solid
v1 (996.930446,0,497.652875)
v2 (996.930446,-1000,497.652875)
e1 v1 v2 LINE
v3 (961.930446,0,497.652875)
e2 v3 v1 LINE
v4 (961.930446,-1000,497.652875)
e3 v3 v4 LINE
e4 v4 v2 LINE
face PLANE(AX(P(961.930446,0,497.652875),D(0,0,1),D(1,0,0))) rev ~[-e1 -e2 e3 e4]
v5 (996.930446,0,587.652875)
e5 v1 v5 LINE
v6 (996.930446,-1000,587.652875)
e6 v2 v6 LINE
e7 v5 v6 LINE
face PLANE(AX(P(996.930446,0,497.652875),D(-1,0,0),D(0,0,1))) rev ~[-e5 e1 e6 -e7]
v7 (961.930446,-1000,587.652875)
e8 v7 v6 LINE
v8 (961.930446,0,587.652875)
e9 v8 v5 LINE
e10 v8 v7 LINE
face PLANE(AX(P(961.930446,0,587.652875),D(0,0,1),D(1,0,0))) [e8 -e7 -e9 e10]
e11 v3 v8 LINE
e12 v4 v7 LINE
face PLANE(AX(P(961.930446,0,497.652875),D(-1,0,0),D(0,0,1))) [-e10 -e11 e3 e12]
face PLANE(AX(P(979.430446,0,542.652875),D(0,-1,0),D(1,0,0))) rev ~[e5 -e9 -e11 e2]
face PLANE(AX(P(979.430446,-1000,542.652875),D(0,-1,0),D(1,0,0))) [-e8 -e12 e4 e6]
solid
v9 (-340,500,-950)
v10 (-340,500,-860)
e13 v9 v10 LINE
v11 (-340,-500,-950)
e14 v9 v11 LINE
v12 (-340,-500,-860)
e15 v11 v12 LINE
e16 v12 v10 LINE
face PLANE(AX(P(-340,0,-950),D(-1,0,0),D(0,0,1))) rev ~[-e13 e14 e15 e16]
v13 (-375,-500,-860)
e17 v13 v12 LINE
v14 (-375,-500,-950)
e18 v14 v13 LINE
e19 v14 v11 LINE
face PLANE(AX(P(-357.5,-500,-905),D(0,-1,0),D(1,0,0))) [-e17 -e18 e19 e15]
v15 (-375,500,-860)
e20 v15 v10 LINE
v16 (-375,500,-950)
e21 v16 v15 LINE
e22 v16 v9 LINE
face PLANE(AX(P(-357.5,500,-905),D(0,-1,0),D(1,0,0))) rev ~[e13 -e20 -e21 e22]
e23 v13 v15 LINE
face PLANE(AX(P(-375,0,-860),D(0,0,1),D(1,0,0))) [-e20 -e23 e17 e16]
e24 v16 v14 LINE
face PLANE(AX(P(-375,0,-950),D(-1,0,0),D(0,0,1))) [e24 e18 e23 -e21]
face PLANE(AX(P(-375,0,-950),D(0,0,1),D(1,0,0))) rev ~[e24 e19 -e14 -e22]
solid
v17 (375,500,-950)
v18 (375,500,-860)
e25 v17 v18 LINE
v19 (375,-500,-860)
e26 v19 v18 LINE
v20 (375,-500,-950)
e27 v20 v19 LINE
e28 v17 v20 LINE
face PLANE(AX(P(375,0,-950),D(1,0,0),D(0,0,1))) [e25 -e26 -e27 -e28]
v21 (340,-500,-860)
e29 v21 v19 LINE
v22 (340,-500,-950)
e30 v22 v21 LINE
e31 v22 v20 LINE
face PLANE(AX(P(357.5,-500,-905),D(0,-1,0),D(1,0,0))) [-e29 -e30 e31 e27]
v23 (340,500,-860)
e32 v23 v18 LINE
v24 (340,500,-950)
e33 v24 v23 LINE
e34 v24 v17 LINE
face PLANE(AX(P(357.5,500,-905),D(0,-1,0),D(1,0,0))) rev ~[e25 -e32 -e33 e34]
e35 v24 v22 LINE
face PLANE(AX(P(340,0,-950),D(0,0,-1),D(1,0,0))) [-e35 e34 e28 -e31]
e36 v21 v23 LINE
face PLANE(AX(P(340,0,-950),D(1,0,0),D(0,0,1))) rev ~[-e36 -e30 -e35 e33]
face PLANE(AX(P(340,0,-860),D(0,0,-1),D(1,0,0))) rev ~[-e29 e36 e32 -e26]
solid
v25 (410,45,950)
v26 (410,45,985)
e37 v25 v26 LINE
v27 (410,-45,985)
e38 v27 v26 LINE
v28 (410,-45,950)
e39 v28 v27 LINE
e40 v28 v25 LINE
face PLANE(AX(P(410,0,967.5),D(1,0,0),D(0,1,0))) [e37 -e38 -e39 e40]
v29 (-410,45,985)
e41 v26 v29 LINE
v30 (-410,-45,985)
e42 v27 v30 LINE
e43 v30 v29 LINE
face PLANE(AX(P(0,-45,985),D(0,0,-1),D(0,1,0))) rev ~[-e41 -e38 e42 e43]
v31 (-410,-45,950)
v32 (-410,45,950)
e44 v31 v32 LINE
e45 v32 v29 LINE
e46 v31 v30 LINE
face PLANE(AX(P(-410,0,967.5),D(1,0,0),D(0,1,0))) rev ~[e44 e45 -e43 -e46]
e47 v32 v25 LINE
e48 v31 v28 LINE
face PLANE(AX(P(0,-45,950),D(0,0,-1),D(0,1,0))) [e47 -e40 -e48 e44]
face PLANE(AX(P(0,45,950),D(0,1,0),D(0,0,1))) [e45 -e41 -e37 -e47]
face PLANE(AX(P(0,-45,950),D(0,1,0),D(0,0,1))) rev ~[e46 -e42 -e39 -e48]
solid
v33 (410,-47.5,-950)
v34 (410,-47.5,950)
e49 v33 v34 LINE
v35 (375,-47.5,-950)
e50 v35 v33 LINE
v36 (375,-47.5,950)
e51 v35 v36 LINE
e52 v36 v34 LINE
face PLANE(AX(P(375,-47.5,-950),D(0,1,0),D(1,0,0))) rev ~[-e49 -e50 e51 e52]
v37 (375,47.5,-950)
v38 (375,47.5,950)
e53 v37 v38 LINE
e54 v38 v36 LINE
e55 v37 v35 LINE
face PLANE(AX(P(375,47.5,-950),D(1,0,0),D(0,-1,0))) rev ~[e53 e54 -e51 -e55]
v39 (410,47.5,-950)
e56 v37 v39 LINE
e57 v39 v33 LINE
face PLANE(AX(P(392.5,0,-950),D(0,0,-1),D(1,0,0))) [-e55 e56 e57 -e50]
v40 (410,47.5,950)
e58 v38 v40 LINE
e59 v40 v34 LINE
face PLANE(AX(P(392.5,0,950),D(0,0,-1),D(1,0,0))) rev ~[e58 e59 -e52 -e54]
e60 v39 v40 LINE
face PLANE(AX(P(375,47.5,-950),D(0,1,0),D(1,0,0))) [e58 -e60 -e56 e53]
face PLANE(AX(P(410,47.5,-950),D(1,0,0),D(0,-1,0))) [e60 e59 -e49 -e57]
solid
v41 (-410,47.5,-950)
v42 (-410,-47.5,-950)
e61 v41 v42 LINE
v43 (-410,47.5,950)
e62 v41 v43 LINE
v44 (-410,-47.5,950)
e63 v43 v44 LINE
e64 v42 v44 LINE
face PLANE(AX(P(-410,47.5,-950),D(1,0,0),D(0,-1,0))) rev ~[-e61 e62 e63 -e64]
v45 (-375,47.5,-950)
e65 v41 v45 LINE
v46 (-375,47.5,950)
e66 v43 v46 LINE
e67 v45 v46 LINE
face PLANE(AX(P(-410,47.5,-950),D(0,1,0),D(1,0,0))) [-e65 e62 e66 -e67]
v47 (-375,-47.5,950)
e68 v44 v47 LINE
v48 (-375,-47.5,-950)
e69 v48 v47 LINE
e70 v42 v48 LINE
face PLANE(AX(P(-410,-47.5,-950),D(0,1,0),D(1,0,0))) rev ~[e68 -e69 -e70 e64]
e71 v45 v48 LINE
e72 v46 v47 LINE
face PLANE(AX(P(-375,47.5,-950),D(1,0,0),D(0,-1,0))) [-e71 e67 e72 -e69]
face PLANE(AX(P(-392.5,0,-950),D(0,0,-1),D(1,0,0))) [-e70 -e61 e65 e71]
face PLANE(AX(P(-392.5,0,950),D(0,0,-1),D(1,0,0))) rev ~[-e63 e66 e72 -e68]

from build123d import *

# Parameters (mm, degrees)
F0_W          = 35
F0_H          = 90
F1_DEPTH      = 1000
F2_DEPTH      = 500
F4_W          = 35
F4_H          = 95
F5_DEPTH      = 1900
F6_W          = 90
F6_H          = 35
F7_DEPTH      = 410
F7_DEPTH_BACK = 410


with BuildPart() as f1:
    # F0 (on Front) → F1 (new body)
    with BuildSketch(Plane.XZ):
        with Locations((979.430446, 542.652875)):
            Rectangle(F0_W, F0_H)
    extrude(amount=F1_DEPTH)


with BuildPart() as f2:
    # F0 (on Front) → F2 (new body, symmetric)
    with BuildSketch(Plane.XZ):
        with Locations((-357.5, -905)):
            Rectangle(F0_W, F0_H)
        with Locations((357.5, -905)):
            Rectangle(F0_W, F0_H)
    extrude(amount=F2_DEPTH, both=True)


with BuildPart() as f5:
    # F4 (on face) → F5 (new body, through all)
    with BuildSketch(Plane(origin=(0, 0, -950), x_dir=(1, 0, 0), z_dir=(0, 0, -1))):
        with Locations((392.5, 0)):
            Rectangle(F4_W, F4_H)
        with Locations((-392.5, 0)):
            Rectangle(F4_W, F4_H)
    extrude(amount=-F5_DEPTH)


with BuildPart() as f7:
    # F6 (on Right) → F7 (new body, two sides)
    with BuildSketch(Plane.YZ) as f7_sk:
        with Locations((0, 967.5)):
            Rectangle(F6_W, F6_H)
    extrude(amount=F7_DEPTH)
    extrude(f7_sk.sketch, amount=-F7_DEPTH_BACK)


solid = Compound([f1.part, f2.part, f5.part, f7.part])
